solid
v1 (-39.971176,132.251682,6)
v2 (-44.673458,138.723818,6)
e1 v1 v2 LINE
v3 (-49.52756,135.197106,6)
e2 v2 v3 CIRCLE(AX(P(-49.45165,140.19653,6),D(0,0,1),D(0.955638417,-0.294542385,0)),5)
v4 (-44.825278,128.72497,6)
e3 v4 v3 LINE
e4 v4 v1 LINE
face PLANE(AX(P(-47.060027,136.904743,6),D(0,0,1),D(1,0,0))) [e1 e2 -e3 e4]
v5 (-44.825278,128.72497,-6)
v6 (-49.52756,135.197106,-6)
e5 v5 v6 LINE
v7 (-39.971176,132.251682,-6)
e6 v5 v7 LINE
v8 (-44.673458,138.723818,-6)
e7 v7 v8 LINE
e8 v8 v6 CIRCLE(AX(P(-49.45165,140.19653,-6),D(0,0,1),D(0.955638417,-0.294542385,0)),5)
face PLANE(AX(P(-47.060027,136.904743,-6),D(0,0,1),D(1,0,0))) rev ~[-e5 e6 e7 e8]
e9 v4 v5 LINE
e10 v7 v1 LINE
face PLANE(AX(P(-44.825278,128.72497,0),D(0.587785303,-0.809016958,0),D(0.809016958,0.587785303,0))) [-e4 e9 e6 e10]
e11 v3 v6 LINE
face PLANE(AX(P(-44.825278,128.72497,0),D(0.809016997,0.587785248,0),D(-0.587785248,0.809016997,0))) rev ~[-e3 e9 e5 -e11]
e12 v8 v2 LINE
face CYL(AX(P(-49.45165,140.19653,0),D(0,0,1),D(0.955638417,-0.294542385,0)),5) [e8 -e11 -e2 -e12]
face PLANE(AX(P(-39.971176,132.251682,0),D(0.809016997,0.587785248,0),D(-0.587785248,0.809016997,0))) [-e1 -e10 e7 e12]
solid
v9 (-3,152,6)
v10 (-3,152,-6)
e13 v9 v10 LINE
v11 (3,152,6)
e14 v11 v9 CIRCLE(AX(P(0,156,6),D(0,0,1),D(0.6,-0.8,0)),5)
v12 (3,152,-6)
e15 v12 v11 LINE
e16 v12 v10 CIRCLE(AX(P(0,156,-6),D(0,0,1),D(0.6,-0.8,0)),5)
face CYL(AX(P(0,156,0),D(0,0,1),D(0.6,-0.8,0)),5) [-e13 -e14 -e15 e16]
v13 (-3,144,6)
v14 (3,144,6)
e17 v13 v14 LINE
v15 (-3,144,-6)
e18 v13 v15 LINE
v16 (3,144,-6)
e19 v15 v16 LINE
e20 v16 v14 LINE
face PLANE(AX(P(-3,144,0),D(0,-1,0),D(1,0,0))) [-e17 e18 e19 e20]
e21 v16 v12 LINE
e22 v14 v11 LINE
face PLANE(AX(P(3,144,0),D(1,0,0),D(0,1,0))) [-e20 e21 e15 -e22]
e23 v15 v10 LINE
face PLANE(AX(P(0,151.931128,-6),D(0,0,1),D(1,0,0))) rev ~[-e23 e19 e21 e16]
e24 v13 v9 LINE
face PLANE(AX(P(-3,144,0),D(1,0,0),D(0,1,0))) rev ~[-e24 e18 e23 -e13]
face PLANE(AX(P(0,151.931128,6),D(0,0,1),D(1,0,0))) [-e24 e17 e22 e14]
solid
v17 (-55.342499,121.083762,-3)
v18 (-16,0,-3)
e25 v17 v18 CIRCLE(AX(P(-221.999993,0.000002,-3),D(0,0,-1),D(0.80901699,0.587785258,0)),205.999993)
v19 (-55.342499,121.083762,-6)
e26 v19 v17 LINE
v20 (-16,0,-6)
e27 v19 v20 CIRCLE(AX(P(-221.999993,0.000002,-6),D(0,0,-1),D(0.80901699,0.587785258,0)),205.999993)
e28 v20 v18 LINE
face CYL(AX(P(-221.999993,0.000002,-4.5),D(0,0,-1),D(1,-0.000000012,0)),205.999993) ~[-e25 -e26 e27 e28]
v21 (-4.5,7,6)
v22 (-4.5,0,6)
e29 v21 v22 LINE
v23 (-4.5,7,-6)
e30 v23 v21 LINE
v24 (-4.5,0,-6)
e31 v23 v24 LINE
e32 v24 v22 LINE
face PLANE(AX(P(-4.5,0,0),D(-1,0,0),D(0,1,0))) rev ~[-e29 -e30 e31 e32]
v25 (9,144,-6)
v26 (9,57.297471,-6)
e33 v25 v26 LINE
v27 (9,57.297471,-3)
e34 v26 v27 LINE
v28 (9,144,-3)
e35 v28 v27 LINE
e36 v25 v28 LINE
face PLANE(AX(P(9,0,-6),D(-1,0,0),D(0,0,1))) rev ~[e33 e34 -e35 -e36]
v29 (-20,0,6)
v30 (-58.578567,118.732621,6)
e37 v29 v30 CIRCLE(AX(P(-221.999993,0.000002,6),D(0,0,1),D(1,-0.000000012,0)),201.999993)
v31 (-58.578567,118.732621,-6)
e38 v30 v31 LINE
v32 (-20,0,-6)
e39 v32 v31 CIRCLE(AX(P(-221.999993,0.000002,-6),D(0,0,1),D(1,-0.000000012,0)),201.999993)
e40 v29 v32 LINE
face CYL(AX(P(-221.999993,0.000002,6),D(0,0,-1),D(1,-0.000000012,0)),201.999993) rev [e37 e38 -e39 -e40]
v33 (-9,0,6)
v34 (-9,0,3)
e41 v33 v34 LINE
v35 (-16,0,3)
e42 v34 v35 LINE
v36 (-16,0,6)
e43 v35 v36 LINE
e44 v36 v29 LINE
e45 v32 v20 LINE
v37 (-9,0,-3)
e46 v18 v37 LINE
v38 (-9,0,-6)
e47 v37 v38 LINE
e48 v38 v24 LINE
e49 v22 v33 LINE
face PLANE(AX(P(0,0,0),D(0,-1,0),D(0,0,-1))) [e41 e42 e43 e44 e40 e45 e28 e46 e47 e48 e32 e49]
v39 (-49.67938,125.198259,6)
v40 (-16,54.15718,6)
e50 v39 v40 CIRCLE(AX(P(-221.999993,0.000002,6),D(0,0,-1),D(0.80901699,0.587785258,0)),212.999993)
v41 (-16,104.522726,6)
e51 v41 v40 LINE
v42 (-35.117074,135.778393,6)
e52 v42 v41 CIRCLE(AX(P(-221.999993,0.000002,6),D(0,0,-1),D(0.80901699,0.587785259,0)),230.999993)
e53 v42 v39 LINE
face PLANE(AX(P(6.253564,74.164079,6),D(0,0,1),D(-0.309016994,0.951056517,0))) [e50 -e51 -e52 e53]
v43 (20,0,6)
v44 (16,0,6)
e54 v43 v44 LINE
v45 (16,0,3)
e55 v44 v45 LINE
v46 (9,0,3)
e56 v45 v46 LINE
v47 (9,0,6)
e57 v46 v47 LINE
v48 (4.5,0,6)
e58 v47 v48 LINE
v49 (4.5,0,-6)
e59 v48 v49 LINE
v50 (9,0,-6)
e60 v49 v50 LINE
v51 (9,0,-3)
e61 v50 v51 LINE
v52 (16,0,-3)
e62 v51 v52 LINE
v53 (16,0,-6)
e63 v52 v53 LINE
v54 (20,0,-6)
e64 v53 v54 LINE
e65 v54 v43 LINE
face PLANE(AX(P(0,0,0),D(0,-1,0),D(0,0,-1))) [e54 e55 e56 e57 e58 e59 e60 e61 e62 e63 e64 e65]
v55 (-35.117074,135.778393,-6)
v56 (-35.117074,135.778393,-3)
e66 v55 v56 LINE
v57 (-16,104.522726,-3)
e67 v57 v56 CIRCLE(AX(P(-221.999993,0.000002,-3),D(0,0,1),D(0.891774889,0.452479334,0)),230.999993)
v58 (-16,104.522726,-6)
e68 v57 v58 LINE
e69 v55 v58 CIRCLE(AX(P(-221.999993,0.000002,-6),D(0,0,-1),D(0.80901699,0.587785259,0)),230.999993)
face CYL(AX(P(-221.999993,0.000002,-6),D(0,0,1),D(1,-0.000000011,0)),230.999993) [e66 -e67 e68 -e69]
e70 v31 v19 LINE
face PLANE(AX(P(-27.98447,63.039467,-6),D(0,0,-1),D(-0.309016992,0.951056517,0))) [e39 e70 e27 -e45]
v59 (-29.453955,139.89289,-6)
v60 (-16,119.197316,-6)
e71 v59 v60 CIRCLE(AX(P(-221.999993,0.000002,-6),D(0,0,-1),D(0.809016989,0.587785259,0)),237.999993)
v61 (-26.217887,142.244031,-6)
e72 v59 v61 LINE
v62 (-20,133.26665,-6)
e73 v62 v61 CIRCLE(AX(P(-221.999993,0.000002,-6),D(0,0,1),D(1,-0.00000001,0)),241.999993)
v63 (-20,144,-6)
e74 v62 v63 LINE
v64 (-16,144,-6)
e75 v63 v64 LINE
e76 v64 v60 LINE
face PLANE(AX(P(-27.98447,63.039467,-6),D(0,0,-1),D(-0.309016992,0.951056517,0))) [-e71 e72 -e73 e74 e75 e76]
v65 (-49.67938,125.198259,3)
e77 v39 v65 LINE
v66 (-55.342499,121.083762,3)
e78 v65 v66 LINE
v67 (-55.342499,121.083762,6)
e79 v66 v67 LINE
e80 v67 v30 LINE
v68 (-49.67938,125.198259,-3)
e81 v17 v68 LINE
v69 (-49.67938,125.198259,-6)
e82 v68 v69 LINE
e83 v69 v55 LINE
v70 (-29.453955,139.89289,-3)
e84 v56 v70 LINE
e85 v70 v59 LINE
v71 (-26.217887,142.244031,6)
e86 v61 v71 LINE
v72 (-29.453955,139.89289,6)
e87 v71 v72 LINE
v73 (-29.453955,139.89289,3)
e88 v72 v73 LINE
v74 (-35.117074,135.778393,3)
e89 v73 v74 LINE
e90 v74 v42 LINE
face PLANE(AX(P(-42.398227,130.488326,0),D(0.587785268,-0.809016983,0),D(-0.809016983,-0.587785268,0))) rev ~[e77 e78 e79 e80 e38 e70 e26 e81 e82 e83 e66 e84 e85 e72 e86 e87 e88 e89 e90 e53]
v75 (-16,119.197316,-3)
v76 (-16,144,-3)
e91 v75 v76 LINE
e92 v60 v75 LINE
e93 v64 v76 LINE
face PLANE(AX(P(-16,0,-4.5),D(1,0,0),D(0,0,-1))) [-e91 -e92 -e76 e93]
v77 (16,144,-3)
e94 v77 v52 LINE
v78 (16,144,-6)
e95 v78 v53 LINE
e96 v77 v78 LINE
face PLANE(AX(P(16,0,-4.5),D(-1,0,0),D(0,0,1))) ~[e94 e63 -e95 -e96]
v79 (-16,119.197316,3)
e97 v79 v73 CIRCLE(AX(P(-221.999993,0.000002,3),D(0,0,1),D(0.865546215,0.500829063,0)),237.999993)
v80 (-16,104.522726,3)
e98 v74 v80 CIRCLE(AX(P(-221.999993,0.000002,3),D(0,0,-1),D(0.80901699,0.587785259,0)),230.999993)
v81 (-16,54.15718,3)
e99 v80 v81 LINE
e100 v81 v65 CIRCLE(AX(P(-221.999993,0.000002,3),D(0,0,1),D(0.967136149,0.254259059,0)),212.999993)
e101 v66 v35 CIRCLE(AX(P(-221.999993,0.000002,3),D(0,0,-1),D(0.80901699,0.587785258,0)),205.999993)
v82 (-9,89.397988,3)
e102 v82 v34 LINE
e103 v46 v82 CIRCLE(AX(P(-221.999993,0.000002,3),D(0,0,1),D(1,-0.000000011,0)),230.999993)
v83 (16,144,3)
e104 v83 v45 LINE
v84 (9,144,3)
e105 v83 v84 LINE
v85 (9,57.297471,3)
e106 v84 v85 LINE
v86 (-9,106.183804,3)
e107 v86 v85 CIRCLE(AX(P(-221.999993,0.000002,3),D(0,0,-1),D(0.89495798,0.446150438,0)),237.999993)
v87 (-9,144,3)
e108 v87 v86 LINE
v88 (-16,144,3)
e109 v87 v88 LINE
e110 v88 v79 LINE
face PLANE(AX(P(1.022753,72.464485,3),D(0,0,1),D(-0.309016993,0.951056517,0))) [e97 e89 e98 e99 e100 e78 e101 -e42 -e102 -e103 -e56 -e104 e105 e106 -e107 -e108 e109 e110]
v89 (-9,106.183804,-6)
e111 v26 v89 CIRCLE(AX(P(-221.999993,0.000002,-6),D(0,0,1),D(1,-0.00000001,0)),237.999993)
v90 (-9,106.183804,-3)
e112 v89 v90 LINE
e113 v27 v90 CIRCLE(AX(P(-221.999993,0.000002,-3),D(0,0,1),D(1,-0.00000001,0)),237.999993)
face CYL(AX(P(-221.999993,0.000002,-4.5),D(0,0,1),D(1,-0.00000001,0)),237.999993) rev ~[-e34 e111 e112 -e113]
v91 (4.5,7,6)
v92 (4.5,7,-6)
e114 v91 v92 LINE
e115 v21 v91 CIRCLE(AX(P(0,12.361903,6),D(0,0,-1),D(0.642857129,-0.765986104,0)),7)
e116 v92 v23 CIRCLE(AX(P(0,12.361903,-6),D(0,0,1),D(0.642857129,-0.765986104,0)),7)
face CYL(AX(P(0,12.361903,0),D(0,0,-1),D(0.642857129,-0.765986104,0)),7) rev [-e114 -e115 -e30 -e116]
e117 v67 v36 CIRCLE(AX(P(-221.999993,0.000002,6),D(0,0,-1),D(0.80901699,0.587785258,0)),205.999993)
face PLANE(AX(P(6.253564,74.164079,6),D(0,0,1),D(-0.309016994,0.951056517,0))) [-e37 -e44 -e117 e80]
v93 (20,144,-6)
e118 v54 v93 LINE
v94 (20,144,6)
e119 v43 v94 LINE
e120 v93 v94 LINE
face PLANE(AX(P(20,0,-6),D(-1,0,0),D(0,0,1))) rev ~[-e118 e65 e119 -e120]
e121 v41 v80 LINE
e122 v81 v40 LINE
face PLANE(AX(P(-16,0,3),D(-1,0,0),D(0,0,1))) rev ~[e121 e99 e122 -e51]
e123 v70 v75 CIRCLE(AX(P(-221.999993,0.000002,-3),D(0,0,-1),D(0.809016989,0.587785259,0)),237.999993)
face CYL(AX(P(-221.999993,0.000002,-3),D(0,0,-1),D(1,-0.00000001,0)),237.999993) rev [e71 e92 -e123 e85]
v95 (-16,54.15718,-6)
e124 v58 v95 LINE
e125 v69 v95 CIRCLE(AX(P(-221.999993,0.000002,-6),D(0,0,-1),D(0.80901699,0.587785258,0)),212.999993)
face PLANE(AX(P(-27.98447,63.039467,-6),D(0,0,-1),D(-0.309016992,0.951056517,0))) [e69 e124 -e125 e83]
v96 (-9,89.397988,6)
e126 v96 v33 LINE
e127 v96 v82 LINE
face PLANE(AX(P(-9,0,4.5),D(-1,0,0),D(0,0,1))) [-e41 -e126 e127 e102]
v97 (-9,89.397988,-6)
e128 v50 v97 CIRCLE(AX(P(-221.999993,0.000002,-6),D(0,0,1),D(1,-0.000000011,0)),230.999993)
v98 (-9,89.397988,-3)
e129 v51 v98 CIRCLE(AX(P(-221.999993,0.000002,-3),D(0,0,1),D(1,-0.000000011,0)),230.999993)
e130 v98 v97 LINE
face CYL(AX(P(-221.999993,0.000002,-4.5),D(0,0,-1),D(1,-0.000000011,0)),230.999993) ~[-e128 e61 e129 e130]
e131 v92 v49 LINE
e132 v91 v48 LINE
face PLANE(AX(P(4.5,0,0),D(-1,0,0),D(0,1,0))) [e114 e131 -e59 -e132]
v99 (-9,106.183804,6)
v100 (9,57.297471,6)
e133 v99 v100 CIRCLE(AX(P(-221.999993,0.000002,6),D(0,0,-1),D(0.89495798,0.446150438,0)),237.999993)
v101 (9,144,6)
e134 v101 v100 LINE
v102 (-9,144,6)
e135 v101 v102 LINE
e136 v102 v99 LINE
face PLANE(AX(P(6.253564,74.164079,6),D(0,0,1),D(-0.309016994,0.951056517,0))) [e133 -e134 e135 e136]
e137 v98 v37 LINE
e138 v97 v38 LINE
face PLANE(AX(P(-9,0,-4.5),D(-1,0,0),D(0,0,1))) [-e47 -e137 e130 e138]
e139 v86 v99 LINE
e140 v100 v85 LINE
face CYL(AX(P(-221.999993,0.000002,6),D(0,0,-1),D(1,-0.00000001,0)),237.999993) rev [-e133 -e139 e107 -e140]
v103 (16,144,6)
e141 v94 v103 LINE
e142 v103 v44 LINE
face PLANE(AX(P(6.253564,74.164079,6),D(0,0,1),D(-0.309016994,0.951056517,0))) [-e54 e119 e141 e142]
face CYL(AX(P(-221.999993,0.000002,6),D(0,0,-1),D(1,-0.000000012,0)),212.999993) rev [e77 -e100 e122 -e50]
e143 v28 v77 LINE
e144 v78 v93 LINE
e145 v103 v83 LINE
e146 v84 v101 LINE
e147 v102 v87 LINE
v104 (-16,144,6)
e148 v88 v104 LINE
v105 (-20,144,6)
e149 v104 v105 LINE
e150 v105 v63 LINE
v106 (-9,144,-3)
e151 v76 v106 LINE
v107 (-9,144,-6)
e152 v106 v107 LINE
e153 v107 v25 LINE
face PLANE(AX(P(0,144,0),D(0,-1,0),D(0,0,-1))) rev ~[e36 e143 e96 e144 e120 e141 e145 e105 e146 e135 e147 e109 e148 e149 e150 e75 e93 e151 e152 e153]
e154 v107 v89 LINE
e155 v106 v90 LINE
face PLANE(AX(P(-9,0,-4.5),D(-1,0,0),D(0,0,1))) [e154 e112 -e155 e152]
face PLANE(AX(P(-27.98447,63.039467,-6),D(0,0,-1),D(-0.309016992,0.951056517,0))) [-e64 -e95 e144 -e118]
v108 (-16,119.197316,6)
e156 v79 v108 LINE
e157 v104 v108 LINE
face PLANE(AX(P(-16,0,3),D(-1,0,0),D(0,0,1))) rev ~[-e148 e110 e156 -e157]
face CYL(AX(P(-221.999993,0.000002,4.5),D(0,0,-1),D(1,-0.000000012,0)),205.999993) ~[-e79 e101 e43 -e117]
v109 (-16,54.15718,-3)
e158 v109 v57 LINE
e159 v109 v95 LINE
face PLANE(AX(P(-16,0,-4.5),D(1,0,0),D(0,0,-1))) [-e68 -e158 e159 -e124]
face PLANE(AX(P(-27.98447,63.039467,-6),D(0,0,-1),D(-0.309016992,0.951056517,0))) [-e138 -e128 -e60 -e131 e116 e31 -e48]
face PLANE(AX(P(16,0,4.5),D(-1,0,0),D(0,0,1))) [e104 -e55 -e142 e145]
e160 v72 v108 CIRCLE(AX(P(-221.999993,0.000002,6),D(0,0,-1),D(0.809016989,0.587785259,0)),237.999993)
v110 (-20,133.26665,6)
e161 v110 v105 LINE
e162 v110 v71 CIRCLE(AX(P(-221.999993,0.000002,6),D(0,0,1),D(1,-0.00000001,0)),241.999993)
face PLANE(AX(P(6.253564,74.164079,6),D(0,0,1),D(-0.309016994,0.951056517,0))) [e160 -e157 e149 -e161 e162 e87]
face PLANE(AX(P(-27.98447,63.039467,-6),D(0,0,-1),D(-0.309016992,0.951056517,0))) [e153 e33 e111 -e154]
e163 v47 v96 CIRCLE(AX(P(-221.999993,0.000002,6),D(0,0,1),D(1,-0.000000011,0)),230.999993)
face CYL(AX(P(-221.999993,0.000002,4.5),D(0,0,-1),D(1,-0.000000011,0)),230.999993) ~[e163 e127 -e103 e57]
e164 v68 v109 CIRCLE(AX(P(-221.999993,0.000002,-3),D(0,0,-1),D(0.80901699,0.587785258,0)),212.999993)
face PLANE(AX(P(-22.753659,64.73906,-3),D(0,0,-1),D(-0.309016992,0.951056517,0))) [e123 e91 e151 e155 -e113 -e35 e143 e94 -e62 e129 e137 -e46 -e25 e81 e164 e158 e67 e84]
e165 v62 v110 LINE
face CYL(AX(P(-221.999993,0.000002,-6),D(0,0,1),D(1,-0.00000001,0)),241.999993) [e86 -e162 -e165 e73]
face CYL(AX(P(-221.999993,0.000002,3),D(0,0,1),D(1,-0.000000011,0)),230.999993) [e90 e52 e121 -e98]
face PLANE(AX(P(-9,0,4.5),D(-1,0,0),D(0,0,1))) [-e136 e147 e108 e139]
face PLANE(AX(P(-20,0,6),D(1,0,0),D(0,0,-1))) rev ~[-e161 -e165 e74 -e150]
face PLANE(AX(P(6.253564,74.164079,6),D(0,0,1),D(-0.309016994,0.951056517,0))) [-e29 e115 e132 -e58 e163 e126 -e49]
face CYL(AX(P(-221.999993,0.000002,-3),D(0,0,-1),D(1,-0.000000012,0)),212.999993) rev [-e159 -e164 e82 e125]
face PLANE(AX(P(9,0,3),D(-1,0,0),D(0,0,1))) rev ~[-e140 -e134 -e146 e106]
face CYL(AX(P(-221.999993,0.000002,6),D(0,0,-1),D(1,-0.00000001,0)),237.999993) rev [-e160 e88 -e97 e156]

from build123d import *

# Parameters (mm, degrees)
SKETCH004_W       = 7
SKETCH004_H       = 3
SKETCH005_W       = 7
SKETCH005_H       = 3
SKETCH009_W       = 7
SKETCH009_H       = 3
SKETCH010_W       = 7
SKETCH010_H       = 3
POCKET_DEPTH      = 6.001
POCKET_DEPTH_BACK = -6.001
PAD001_DEPTH      = 6
PAD002_DEPTH      = 6


with BuildPart() as body:
    # AdditivePipe: sweep along a path in Sketch002
    with BuildLine(Plane.XY) as additivepipe_path:
        ThreePointArc((0, 0), (-10.865453, 68.601773), (-42.398227, 130.488326))
    # Sketch → AdditivePipe (sweep)
    with BuildSketch(Plane.XZ):
        Polygon((-20, 6), (-20, -6), (-16, -6), (-16, -3), (-9, -3), (-9, -6), (9, -6), (9, -3), (16, -3), (16, -6), (20, -6), (20, 6), (16, 6), (16, 3), (9, 3), (9, 6), (-9, 6), (-9, 3), (-16, 3), (-16, 6), align=None)
    sweep(path=additivepipe_path.line)

    # AdditivePipe001: sweep along a path in Sketch001
    with BuildLine(Plane.XY) as additivepipe001_path:
        Line((0, 0), (0, 144))
    # Sketch → AdditivePipe001 (sweep)
    with BuildSketch(Plane.XZ):
        Polygon((-20, 6), (-20, -6), (-16, -6), (-16, -3), (-9, -3), (-9, -6), (9, -6), (9, -3), (16, -3), (16, -6), (20, -6), (20, 6), (16, 6), (16, 3), (9, 3), (9, 6), (-9, 6), (-9, 3), (-16, 3), (-16, 6), align=None)
    sweep(path=additivepipe001_path.line)

    # SubtractivePipe: sweep along a path in Sketch001
    with BuildLine(Plane.XY) as subtractivepipe_path:
        Line((0, 0), (0, 144))
    # Sketch004 → SubtractivePipe (sweep, cut)
    with BuildSketch(Plane.XZ):
        with Locations((-12.5, 4.5)):
            Rectangle(SKETCH004_W, SKETCH004_H)
    sweep(path=subtractivepipe_path.line, mode=Mode.SUBTRACT)

    # SubtractivePipe001: sweep along a path in Sketch002
    with BuildLine(Plane.XY) as subtractivepipe001_path:
        ThreePointArc((0, 0), (-10.865453, 68.601773), (-42.398227, 130.488326))
    # Sketch004 → SubtractivePipe001 (sweep, cut)
    with BuildSketch(Plane.XZ):
        with Locations((-12.5, 4.5)):
            Rectangle(SKETCH004_W, SKETCH004_H)
    sweep(path=subtractivepipe001_path.line, mode=Mode.SUBTRACT)

    # SubtractivePipe002: sweep along a path in Sketch002
    with BuildLine(Plane.XY) as subtractivepipe002_path:
        ThreePointArc((0, 0), (-10.865453, 68.601773), (-42.398227, 130.488326))
    # Sketch005 (on Face1 of SubtractivePipe001) → SubtractivePipe002 (sweep, cut)
    with BuildSketch(Plane.XZ):
        with Locations((12.5, 4.5)):
            Rectangle(SKETCH005_W, SKETCH005_H)
    sweep(path=subtractivepipe002_path.line, mode=Mode.SUBTRACT)

    # SubtractivePipe003: sweep along a path in Sketch001
    with BuildLine(Plane.XY) as subtractivepipe003_path:
        Line((0, 0), (0, 144))
    # Sketch005 (on Face1 of SubtractivePipe001) → SubtractivePipe003 (sweep, cut)
    with BuildSketch(Plane.XZ):
        with Locations((12.5, 4.5)):
            Rectangle(SKETCH005_W, SKETCH005_H)
    subtractivepipe003 = sweep(path=subtractivepipe003_path.line, mode=Mode.SUBTRACT)

    # Mirrored: SubtractivePipe003 across XY
    add(subtractivepipe003.mirror(Plane.XY), mode=Mode.SUBTRACT)

    # SubtractivePipe004: sweep along a path in Sketch002
    with BuildLine(Plane.XY) as subtractivepipe004_path:
        ThreePointArc((0, 0), (-10.865453, 68.601773), (-42.398227, 130.488326))
    # Sketch009 → SubtractivePipe004 (sweep, cut)
    with BuildSketch(Plane.XZ):
        with Locations((-12.5, -4.5)):
            Rectangle(SKETCH009_W, SKETCH009_H)
    sweep(path=subtractivepipe004_path.line, mode=Mode.SUBTRACT)

    # SubtractivePipe005: sweep along a path in Sketch001
    with BuildLine(Plane.XY) as subtractivepipe005_path:
        Line((0, 0), (0, 144))
    # Sketch009 → SubtractivePipe005 (sweep, cut)
    with BuildSketch(Plane.XZ):
        with Locations((-12.5, -4.5)):
            Rectangle(SKETCH009_W, SKETCH009_H)
    sweep(path=subtractivepipe005_path.line, mode=Mode.SUBTRACT)

    # SubtractivePipe006: sweep along a path in Sketch002
    with BuildLine(Plane.XY) as subtractivepipe006_path:
        ThreePointArc((0, 0), (-10.865453, 68.601773), (-42.398227, 130.488326))
    # Sketch010 (on Face1 of SubtractivePipe005) → SubtractivePipe006 (sweep, cut)
    with BuildSketch(Plane.XZ):
        with Locations((12.5, -4.5)):
            Rectangle(SKETCH010_W, SKETCH010_H)
    sweep(path=subtractivepipe006_path.line, mode=Mode.SUBTRACT)

    # Sketch013 → Pocket (cut, two sides)
    with BuildSketch(Plane.XY) as pocket_sk:
        with BuildLine():
            Line((-4.5, 0), (4.5, 0))
            Line((4.5, 0), (4.5, 7))
            ThreePointArc((4.5, 7), (0, 19.361903), (-4.5, 7))
            Line((-4.5, 0), (-4.5, 7))
        make_face()
    extrude(amount=-POCKET_DEPTH, mode=Mode.SUBTRACT)
    extrude(pocket_sk.sketch, amount=-POCKET_DEPTH_BACK, mode=Mode.SUBTRACT)


with BuildPart() as body002:
    # Sketch011 → Pad001 (new body, symmetric)
    with BuildSketch(Plane.XY):
        with BuildLine():
            Line((-3, 144), (3, 144))
            Line((3, 144), (3, 152))
            ThreePointArc((3, 152), (0, 161), (-3, 152))
            Line((-3, 144), (-3, 152))
        make_face()
    extrude(amount=PAD001_DEPTH, both=True)


with BuildPart() as body003:
    # Sketch012 → Pad002 (new body, symmetric)
    with BuildSketch(Plane.XY):
        with BuildLine():
            Line((-44.825278, 128.72497), (-39.971176, 132.251682))
            Line((-39.971176, 132.251682), (-44.673458, 138.723818))
            ThreePointArc((-44.673458, 138.723818), (-52.390577, 144.241615), (-49.52756, 135.197106))
            Line((-44.825278, 128.72497), (-49.52756, 135.197106))
        make_face()
    extrude(amount=PAD002_DEPTH, both=True)


solid = Compound([body.part, body002.part, body003.part])
